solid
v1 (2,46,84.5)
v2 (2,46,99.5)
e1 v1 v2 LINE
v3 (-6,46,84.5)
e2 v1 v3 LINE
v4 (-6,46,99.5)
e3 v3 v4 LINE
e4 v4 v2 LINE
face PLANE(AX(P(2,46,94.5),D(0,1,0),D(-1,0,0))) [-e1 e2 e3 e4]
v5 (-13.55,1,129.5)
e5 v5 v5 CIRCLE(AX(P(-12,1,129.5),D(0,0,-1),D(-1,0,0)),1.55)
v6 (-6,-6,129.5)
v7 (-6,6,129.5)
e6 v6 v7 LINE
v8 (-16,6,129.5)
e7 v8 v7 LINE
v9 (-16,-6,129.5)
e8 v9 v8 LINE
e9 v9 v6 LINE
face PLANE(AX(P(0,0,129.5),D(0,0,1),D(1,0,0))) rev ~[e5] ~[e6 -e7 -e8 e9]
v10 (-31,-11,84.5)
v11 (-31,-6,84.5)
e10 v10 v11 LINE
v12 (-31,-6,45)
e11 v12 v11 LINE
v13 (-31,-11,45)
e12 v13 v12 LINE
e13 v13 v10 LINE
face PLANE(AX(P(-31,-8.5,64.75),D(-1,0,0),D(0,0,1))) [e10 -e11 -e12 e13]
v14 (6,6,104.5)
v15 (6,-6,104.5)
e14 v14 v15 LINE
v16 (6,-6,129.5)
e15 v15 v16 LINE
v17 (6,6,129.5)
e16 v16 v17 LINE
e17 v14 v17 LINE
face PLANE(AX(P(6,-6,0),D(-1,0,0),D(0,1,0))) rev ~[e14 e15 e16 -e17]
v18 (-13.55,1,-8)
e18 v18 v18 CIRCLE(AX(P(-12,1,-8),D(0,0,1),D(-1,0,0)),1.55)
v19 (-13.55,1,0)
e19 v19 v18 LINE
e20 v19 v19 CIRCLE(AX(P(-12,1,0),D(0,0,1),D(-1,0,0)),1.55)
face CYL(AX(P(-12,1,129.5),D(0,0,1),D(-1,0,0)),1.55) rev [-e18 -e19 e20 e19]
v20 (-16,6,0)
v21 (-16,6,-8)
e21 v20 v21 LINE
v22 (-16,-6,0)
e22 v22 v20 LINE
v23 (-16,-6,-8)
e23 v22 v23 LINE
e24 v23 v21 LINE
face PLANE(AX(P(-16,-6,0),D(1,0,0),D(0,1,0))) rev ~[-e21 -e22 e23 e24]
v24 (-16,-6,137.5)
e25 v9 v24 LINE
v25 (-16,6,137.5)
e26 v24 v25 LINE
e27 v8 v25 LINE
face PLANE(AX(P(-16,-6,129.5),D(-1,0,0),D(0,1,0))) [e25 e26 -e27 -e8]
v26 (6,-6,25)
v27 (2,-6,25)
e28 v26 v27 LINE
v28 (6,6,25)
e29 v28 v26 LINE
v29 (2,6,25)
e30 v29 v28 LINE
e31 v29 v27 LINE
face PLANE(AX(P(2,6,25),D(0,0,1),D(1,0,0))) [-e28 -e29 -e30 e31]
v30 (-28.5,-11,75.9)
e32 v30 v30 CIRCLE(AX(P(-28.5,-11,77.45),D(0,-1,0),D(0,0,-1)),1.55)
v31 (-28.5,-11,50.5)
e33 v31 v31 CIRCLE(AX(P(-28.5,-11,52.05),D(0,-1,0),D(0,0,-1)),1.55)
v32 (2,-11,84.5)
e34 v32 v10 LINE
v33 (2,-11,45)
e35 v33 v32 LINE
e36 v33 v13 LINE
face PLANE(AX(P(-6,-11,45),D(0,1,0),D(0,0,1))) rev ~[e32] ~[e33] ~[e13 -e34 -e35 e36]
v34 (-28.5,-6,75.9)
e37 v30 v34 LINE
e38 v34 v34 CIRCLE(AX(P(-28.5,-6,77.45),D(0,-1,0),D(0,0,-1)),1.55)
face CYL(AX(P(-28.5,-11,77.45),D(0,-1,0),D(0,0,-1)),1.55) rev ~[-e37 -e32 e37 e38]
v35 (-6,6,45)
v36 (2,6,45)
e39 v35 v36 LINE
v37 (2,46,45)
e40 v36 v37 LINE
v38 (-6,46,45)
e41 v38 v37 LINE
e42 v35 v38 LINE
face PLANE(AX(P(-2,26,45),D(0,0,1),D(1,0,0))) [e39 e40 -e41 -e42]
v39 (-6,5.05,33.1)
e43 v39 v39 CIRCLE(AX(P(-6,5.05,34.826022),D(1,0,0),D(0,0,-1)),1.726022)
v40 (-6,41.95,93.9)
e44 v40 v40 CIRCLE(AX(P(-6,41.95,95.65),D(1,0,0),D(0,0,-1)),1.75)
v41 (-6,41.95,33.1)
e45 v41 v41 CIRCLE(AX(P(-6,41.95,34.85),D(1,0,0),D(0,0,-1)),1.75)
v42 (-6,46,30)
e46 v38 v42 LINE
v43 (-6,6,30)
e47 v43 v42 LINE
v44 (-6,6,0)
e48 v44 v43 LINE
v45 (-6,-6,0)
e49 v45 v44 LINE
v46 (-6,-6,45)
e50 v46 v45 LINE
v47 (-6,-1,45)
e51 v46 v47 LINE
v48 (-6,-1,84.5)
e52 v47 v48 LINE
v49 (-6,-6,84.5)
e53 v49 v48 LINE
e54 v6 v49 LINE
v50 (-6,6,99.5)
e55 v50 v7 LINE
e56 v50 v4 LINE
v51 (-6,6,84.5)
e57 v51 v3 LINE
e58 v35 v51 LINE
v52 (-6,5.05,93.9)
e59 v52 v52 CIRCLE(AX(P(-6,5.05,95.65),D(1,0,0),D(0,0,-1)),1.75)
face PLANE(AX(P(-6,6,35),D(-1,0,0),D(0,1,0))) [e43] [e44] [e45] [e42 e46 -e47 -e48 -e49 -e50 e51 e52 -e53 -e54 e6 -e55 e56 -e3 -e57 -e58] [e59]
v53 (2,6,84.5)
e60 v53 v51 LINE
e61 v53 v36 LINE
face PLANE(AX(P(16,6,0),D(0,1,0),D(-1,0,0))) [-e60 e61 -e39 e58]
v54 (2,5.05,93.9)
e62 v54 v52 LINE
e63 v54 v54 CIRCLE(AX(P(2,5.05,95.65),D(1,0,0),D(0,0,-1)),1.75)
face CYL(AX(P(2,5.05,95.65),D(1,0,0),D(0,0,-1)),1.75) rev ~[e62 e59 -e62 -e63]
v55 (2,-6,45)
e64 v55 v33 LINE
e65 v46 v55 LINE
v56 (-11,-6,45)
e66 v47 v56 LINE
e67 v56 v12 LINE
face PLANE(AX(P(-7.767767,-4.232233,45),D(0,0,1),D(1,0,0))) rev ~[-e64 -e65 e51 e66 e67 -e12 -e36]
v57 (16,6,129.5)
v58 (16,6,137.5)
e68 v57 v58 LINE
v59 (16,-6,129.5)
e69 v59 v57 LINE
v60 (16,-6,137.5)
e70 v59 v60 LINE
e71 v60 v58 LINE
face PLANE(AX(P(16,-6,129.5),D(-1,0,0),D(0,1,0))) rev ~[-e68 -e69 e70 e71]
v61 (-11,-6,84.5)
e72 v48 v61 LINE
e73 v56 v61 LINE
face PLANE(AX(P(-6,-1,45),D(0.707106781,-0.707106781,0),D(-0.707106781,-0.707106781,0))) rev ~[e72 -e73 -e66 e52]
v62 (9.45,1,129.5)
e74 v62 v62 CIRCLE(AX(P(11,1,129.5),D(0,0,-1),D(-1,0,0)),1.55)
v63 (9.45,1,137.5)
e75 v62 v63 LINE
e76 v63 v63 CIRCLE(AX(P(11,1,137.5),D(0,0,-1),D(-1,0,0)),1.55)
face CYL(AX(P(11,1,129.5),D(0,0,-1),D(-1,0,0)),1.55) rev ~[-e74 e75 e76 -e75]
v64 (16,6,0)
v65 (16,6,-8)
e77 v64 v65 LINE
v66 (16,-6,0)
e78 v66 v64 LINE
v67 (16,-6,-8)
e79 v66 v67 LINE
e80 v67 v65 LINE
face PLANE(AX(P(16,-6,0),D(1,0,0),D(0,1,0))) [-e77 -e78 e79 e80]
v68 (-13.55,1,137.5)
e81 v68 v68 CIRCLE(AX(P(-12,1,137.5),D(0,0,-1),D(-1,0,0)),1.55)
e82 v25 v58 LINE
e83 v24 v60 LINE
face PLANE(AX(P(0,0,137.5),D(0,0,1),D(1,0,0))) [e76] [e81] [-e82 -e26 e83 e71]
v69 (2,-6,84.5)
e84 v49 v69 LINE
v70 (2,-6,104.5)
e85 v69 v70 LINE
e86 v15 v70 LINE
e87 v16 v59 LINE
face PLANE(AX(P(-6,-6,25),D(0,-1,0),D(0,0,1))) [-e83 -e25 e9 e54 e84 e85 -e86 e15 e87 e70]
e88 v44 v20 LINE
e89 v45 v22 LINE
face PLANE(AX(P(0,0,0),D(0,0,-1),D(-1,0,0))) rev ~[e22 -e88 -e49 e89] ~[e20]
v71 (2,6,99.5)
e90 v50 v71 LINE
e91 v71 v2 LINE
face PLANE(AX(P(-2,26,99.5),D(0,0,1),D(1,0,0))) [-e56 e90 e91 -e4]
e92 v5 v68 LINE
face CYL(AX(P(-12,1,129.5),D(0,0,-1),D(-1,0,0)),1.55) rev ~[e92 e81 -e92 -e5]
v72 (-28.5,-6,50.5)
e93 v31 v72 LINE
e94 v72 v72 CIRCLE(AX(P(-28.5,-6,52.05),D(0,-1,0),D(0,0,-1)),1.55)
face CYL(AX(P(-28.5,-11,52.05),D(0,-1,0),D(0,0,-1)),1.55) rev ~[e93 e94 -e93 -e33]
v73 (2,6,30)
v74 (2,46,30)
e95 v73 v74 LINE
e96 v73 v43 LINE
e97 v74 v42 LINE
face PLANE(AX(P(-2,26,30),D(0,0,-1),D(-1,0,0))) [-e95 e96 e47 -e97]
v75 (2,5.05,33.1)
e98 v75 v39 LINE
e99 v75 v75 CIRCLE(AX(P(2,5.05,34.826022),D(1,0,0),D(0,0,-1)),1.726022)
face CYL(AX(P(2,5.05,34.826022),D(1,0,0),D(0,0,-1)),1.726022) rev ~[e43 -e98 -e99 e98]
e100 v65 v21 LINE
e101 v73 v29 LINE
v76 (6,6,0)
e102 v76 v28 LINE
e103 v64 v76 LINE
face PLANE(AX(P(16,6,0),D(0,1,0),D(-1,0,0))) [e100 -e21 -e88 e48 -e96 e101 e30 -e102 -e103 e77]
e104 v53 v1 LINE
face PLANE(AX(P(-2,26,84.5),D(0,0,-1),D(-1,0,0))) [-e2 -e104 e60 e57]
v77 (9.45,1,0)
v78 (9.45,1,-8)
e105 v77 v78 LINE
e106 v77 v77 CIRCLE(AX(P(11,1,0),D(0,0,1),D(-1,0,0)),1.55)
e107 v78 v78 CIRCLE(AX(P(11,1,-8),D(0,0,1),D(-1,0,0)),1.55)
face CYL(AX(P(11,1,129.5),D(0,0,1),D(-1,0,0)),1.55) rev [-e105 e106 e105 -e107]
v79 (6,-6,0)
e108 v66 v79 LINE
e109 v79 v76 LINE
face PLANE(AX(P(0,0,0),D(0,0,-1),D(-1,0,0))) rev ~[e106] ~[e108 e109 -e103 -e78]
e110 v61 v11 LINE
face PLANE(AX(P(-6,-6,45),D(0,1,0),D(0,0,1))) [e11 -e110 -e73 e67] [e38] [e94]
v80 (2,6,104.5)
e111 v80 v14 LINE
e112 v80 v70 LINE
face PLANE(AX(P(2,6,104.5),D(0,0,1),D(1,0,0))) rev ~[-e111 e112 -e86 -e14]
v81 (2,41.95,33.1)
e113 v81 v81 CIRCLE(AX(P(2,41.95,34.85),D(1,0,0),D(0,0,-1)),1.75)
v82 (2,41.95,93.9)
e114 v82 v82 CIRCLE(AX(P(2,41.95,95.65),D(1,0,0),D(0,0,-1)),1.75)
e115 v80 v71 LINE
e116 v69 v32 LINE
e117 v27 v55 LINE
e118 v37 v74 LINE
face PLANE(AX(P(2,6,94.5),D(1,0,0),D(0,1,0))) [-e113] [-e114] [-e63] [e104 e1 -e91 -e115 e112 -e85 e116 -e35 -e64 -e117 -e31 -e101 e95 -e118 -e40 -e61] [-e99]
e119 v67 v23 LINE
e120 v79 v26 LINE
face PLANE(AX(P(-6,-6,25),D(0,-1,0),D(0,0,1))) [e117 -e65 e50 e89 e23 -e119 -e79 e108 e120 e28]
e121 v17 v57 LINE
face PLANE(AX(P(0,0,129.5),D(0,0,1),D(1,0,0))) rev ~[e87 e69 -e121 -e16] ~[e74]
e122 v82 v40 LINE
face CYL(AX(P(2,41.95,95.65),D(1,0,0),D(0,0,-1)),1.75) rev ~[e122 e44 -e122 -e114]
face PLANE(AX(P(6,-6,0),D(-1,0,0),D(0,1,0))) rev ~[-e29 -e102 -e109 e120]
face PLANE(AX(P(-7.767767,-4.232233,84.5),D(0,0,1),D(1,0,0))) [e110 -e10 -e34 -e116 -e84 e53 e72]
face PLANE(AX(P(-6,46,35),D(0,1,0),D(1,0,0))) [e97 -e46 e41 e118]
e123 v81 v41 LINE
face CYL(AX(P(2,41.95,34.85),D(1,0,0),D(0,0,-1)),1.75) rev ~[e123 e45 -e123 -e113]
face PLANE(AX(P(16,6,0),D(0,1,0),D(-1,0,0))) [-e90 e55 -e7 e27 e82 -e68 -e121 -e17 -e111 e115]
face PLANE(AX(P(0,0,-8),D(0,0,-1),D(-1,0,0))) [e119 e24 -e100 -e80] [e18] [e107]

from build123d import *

# Parameters (mm, degrees)
SKETCH_1_W          = 12
SKETCH_1_H          = 12
EXTRUDE_1_DEPTH     = 129.5
SKETCH_3_W          = 32
SKETCH_3_H          = 12
EXTRUDE_2_DEPTH     = 8
SKETCH_4_W          = 32
SKETCH_4_H          = 12
EXTRUDE_3_DEPTH     = 8
SKETCH_5_W          = 79.5
SKETCH_5_H          = 52
EXTRUDE_4_DEPTH     = 8
SKETCH_6_W          = 59.5
SKETCH_6_H          = 40
CUT_EXTRUDE_1_DEPTH = 10
SKETCH_10_W         = 8
SKETCH_10_H         = 40
EXTRUDE_7_DEPTH     = 10
SKETCH_11_W         = 8
SKETCH_11_H         = 40
EXTRUDE_8_DEPTH     = 10
SKETCH_13_W         = 8
SKETCH_13_H         = 40
CUT_EXTRUDE_3_DEPTH = 5
SKETCH_14_W         = 8
SKETCH_14_H         = 40
CUT_EXTRUDE_4_DEPTH = 5
SKETCH_17_R         = 1.55
CUT_EXTRUDE_5_DEPTH = 146.870661889
SKETCH_17_2_R       = 1.55
CUT_EXTRUDE_6_DEPTH = 146.870661889
SKETCH_19_W         = 4
SKETCH_19_H         = 79.5
CUT_EXTRUDE_7_DEPTH = 145.091117006
SKETCH_20_W         = 8
SKETCH_20_H         = 39.5
EXTRUDE_9_DEPTH     = 5
SKETCH_21_W         = 39.5
SKETCH_21_H         = 5
EXTRUDE_10_DEPTH    = 25
SKETCH_23_R         = 1.55
CUT_EXTRUDE_8_DEPTH = 153.040290713
CUT_EXTRUDE_9_REACH = 150.699
SKETCH_25_R         = 1.75
SKETCH_25_R_2       = 1.726022487
EXTRUDE_11_DEPTH    = 39.5


with BuildPart() as part:
    # 草图1 → 凸台-拉伸1 (new body)
    with BuildSketch(Plane.XY):
        Rectangle(SKETCH_1_W, SKETCH_1_H)
    extrude(amount=EXTRUDE_1_DEPTH)

    # 草图3 → 凸台-拉伸2 (add)
    with BuildSketch(Plane.XY.offset(129.5)):
        Rectangle(SKETCH_3_W, SKETCH_3_H)
    extrude(amount=EXTRUDE_2_DEPTH)

    # 草图4 → 凸台-拉伸3 (add)
    with BuildSketch(Plane(origin=(0, 0, 0), x_dir=(-1, 0, 0), z_dir=(0, 0, -1))):
        Rectangle(SKETCH_4_W, SKETCH_4_H)
    extrude(amount=EXTRUDE_3_DEPTH)

    # 草图5 → 凸台-拉伸4 (add)
    with BuildSketch(Plane.ZY.offset(6)):
        with Locations((64.75, 20)):
            Rectangle(SKETCH_5_W, SKETCH_5_H)
    extrude(amount=-EXTRUDE_4_DEPTH)

    # 草图6 → 切除-拉伸1 (cut)
    with BuildSketch(Plane(origin=(2, 0, 0), x_dir=(0, 0, -1), z_dir=(1, 0, 0))):
        with Locations((-64.75, 26)):
            Rectangle(SKETCH_6_W, SKETCH_6_H)
    extrude(amount=-CUT_EXTRUDE_1_DEPTH, mode=Mode.SUBTRACT)

    # 草图10 → 凸台-拉伸7 (add)
    with BuildSketch(Plane.XY.offset(35)):
        with Locations((-2, 26)):
            Rectangle(SKETCH_10_W, SKETCH_10_H)
    extrude(amount=EXTRUDE_7_DEPTH)

    # 草图11 → 凸台-拉伸8 (add)
    with BuildSketch(Plane(origin=(0, 0, 94.5), x_dir=(-1, 0, 0), z_dir=(0, 0, -1))):
        with Locations((2, 26)):
            Rectangle(SKETCH_11_W, SKETCH_11_H)
    extrude(amount=EXTRUDE_8_DEPTH)

    # 草图13 → 切除-拉伸3 (cut)
    with BuildSketch(Plane(origin=(0, 0, 25), x_dir=(-1, 0, 0), z_dir=(0, 0, -1))):
        with Locations((2, 26)):
            Rectangle(SKETCH_13_W, SKETCH_13_H)
    extrude(amount=-CUT_EXTRUDE_3_DEPTH, mode=Mode.SUBTRACT)

    # 草图14 → 切除-拉伸4 (cut)
    with BuildSketch(Plane.XY.offset(104.5)):
        with Locations((-2, 26)):
            Rectangle(SKETCH_14_W, SKETCH_14_H)
    extrude(amount=-CUT_EXTRUDE_4_DEPTH, mode=Mode.SUBTRACT)

    # 草图17 → 切除-拉伸5 (cut, through all)
    with BuildSketch(Plane(origin=(0, 0, 129.5), x_dir=(-1, 0, 0), z_dir=(0, 0, -1))):
        with Locations((12, 1)):
            Circle(SKETCH_17_R)
        with Locations((-11, 1)):
            Circle(SKETCH_17_R)
    extrude(amount=-CUT_EXTRUDE_5_DEPTH, mode=Mode.SUBTRACT)

    # 草图17<2> → 切除-拉伸6 (cut, through all)
    with BuildSketch(Plane(origin=(0, 0, 129.5), x_dir=(-1, 0, 0), z_dir=(0, 0, -1))):
        with Locations((12, 1)):
            Circle(SKETCH_17_2_R)
        with Locations((-11, 1)):
            Circle(SKETCH_17_2_R)
    extrude(amount=CUT_EXTRUDE_6_DEPTH, mode=Mode.SUBTRACT)

    # 草图19 → 切除-拉伸7 (cut, through all)
    with BuildSketch(Plane(origin=(0, 6, 0), x_dir=(1, 0, 0), z_dir=(0, 1, 0))):
        with Locations((4, -64.75)):
            Rectangle(SKETCH_19_W, SKETCH_19_H)
    extrude(amount=-CUT_EXTRUDE_7_DEPTH, mode=Mode.SUBTRACT)

    # 草图20 → 凸台-拉伸9 (add)
    with BuildSketch(Plane.XZ.offset(6)):
        with Locations((-2, 64.75)):
            Rectangle(SKETCH_20_W, SKETCH_20_H)
    extrude(amount=EXTRUDE_9_DEPTH)

    # 草图21 → 凸台-拉伸10 (add)
    with BuildSketch(Plane.ZY.offset(6)):
        with Locations((64.75, -8.5)):
            Rectangle(SKETCH_21_W, SKETCH_21_H)
    extrude(amount=EXTRUDE_10_DEPTH)

    # 草图23 → 切除-拉伸8 (cut, through all)
    with BuildSketch(Plane.XZ.offset(11)):
        with Locations(Location((-28.5, 77.45, 0), (0, 0, 270))):
            Circle(SKETCH_23_R)
        with Locations(Location((-28.5, 52.05, 0), (0, 0, 270))):
            Circle(SKETCH_23_R)
    extrude(amount=-CUT_EXTRUDE_8_DEPTH, mode=Mode.SUBTRACT)

    # 草图25 → 切除-拉伸9 (cut, up to next)
    with BuildSketch(Plane(origin=(2, 0, 0), x_dir=(0, 0, -1), z_dir=(1, 0, 0)), mode=Mode.PRIVATE) as cut_extrude_9_sk1:
        with Locations((-95.65, 41.95)):
            Circle(SKETCH_25_R)
    cut_extrude_9_tool1 = extrude(cut_extrude_9_sk1.sketch, amount=-CUT_EXTRUDE_9_REACH, mode=Mode.PRIVATE) & part.part
    # 草图25 → 切除-拉伸9 (cut, up to next)
    with BuildSketch(Plane(origin=(2, 0, 0), x_dir=(0, 0, -1), z_dir=(1, 0, 0)), mode=Mode.PRIVATE) as cut_extrude_9_sk2:
        with Locations((-95.65, 5.05)):
            Circle(SKETCH_25_R)
    cut_extrude_9_tool2 = extrude(cut_extrude_9_sk2.sketch, amount=-CUT_EXTRUDE_9_REACH, mode=Mode.PRIVATE) & part.part
    # 草图25 → 切除-拉伸9 (cut, up to next)
    with BuildSketch(Plane(origin=(2, 0, 0), x_dir=(0, 0, -1), z_dir=(1, 0, 0)), mode=Mode.PRIVATE) as cut_extrude_9_sk3:
        with Locations((-34.826022487, 5.05)):
            Circle(SKETCH_25_R_2)
    cut_extrude_9_tool3 = extrude(cut_extrude_9_sk3.sketch, amount=-CUT_EXTRUDE_9_REACH, mode=Mode.PRIVATE) & part.part
    # 草图25 → 切除-拉伸9 (cut, up to next)
    with BuildSketch(Plane(origin=(2, 0, 0), x_dir=(0, 0, -1), z_dir=(1, 0, 0)), mode=Mode.PRIVATE) as cut_extrude_9_sk4:
        with Locations((-34.85, 41.95)):
            Circle(SKETCH_25_R)
    cut_extrude_9_tool4 = extrude(cut_extrude_9_sk4.sketch, amount=-CUT_EXTRUDE_9_REACH, mode=Mode.PRIVATE) & part.part
    add(cut_extrude_9_tool1.solids().sort_by_distance((2, 41.95, 95.65))[0], mode=Mode.SUBTRACT)
    add(cut_extrude_9_tool2.solids().sort_by_distance((2, 5.05, 95.65))[0], mode=Mode.SUBTRACT)
    add(cut_extrude_9_tool3.solids().sort_by_distance((2, 5.05, 34.826022))[0], mode=Mode.SUBTRACT)
    add(cut_extrude_9_tool4.solids().sort_by_distance((2, 41.95, 34.85))[0], mode=Mode.SUBTRACT)

    # 草图26 → 凸台-拉伸11 (add)
    with BuildSketch(Plane(origin=(0, 0, 45), x_dir=(-1, 0, 0), z_dir=(0, 0, -1))):
        Polygon((6, -6), (6, -1), (11, -6), align=None)
    extrude(amount=-EXTRUDE_11_DEPTH)


solid = part.part
